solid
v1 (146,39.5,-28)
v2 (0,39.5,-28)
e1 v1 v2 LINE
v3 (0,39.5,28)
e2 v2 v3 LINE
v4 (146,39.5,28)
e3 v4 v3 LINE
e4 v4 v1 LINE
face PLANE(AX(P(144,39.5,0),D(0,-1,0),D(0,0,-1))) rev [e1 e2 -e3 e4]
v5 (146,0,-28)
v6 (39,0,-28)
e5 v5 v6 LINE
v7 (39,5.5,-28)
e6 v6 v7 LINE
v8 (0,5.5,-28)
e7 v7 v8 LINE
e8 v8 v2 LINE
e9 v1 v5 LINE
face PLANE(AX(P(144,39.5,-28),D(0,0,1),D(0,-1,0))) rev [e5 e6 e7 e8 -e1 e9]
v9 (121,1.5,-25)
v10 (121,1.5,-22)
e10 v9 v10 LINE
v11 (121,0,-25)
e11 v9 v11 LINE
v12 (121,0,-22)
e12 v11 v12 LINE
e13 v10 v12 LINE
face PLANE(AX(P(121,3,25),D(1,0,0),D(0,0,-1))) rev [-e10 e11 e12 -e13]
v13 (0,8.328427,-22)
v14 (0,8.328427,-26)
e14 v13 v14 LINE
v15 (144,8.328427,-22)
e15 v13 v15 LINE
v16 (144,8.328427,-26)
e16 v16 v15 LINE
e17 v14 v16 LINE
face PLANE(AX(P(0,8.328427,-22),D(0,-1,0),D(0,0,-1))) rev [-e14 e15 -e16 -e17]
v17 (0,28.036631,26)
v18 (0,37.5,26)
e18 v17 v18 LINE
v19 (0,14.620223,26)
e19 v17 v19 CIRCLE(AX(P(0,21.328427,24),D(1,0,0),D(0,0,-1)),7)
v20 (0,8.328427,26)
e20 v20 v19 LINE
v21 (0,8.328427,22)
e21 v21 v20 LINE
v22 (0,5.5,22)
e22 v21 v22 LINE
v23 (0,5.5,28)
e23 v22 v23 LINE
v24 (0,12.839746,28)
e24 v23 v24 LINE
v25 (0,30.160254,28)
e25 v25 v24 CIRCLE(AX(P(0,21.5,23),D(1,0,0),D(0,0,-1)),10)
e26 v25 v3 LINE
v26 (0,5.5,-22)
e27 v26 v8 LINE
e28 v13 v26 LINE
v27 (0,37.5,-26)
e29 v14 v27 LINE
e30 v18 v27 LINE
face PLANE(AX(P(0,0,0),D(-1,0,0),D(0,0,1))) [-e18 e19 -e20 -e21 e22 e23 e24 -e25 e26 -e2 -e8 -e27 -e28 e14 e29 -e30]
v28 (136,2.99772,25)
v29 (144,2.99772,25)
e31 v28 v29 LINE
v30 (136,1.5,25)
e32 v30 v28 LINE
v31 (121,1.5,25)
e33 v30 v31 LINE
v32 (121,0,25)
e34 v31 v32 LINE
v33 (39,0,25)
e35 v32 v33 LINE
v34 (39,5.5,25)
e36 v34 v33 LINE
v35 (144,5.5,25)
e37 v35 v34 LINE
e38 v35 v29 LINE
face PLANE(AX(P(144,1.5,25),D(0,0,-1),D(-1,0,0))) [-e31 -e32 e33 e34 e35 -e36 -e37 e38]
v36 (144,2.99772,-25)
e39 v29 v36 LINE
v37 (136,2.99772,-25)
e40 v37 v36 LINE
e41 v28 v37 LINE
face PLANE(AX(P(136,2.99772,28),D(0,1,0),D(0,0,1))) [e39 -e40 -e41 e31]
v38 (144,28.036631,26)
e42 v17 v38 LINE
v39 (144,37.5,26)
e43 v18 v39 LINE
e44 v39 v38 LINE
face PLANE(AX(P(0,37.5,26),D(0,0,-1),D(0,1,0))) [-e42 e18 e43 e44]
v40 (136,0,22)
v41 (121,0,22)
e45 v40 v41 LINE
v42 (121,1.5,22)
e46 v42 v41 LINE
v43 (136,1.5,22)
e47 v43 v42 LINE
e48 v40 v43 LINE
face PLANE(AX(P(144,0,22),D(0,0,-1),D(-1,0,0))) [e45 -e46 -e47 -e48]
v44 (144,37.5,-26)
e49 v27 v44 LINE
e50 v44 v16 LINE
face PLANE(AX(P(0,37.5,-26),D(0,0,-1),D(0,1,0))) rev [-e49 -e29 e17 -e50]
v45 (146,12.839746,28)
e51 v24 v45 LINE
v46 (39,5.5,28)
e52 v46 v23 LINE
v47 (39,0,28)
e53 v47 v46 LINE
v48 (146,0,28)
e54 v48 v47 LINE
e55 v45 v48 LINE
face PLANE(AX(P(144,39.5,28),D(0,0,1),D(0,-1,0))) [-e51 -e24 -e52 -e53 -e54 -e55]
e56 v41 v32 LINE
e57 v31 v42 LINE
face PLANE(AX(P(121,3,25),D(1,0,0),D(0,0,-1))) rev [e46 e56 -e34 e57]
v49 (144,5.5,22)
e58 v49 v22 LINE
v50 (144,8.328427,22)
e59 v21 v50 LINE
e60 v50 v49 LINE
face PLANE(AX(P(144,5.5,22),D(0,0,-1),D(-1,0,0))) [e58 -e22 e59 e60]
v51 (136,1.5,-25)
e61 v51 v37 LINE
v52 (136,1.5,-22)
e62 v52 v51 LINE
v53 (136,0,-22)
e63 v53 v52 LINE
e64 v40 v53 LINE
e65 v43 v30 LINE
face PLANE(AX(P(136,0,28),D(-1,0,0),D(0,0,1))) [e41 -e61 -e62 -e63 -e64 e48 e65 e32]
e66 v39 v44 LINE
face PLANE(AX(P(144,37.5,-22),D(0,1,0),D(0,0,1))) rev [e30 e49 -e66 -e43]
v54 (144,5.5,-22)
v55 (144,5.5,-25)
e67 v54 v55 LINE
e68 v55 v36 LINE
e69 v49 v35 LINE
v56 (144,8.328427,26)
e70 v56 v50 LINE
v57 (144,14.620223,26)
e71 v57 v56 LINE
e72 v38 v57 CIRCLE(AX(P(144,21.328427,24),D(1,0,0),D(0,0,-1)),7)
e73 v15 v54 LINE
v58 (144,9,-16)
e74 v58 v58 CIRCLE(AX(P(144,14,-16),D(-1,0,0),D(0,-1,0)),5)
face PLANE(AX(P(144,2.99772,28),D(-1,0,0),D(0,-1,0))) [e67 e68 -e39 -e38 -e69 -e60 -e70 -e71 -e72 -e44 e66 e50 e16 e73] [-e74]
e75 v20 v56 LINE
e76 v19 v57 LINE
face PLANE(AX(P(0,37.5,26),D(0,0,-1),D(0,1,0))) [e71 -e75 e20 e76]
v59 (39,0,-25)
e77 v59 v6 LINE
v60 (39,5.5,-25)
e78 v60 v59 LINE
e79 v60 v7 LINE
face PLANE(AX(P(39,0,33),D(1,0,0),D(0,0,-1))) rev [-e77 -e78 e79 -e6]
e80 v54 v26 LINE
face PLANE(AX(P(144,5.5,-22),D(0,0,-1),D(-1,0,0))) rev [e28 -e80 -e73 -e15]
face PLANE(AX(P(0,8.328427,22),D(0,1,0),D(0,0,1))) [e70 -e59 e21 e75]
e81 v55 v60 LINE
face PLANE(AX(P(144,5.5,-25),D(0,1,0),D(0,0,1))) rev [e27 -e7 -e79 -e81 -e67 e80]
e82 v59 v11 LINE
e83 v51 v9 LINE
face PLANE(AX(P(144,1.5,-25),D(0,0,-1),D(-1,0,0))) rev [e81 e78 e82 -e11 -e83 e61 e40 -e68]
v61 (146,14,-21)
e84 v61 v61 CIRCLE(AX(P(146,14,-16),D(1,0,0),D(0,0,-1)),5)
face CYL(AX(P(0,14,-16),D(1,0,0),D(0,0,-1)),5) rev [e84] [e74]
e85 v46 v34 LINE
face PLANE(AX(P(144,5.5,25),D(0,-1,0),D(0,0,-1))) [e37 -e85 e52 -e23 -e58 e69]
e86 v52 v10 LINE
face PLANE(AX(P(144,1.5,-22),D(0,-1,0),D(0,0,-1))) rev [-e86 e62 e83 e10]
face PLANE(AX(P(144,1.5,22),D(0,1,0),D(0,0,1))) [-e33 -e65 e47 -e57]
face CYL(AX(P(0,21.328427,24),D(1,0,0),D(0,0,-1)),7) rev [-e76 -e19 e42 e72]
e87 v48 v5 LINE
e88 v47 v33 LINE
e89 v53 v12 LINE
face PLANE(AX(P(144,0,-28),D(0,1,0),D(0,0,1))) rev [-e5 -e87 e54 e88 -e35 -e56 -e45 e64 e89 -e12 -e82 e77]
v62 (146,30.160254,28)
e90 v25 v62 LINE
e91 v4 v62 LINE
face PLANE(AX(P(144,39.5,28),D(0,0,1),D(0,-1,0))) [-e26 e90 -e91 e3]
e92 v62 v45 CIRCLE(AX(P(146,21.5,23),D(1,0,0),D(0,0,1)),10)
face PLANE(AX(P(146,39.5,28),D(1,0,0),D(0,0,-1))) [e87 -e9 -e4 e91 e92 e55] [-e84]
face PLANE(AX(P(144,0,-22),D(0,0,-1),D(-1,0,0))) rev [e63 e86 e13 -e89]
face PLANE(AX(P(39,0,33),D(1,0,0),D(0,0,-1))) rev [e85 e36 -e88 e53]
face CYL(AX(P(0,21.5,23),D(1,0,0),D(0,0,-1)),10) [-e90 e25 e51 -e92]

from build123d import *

# Parameters (mm, degrees)
BOSS_EXTRUDE1_DEPTH     = 144
SKETCH2_W               = 4
SKETCH2_H               = 29.171572875
CUT_EXTRUDE1_DEPTH      = 152.921854912
BOSS_EXTRUDE2_DEPTH     = 144
CUT_EXTRUDE2_DEPTH      = 153.922365925
CUT_EXTRUDE2_DEPTH_BACK = 153.922365925
CUT_EXTRUDE3_DEPTH      = 162.298636076
CUT_EXTRUDE3_DEPTH_BACK = 162.298636076
SKETCH6_W               = 39
SKETCH6_H               = 5.5
BOSS_EXTRUDE3_DEPTH     = 56
BOSS_EXTRUDE5_START     = 3
BOSS_EXTRUDE5_DEPTH     = 3
CUT_EXTRUDE5_DEPTH      = 1
CUT_EXTRUDE6_DEPTH      = 155.807138078
CUT_EXTRUDE6_DEPTH_BACK = 155.807138078
SKETCH16_R              = 5
SKETCH17_W              = 82
SKETCH17_H              = 50
CUT_EXTRUDE7_DEPTH      = 3


with BuildPart() as part:
    # Sketch1 → Boss-Extrude1 (new body)
    with BuildSketch(Plane(origin=(0, 0, 0), x_dir=(0, 0, -1), z_dir=(1, 0, 0))):
        Polygon((0, 39.5), (28, 39.5), (28, 0), (22, 0), (22, 1.5), (25, 1.5), (25, 5.5), (22, 5.5), (22, 37.5), (0, 37.5), align=None)
    boss_extrude1 = extrude(amount=BOSS_EXTRUDE1_DEPTH)

    # Mirror1: Boss-Extrude1 across plane
    add(boss_extrude1.mirror(Plane.XY))

    # Sketch2 → Cut-Extrude1 (cut, symmetric)
    with BuildSketch(Plane(origin=(144, 0, 0), x_dir=(0, 0, -1), z_dir=(1, 0, 0))):
        with Locations((24, 22.914213563)):
            Rectangle(SKETCH2_W, SKETCH2_H)
    cut_extrude1 = extrude(amount=CUT_EXTRUDE1_DEPTH, both=True, mode=Mode.SUBTRACT)

    # Mirror2: Cut-Extrude1 across plane
    add(cut_extrude1.mirror(Plane.XY), mode=Mode.SUBTRACT)

    # Sketch3 → Boss-Extrude2 (add)
    with BuildSketch(Plane(origin=(144, 0, 0), x_dir=(0, 0, -1), z_dir=(1, 0, 0))):
        with BuildLine():
            Line((-28, 30.160254038), (-28, 12.839745962))
            ThreePointArc((-28, 12.839745962), (-33, 21.5), (-28, 30.160254038))
        make_face()
    extrude(amount=-BOSS_EXTRUDE2_DEPTH)

    # Sketch4 → Cut-Extrude2 (cut, two sides: drawn at the far end of the back side and taken through both)
    with BuildSketch(Plane(origin=(144, 0, 0), x_dir=(0, 0, -1), z_dir=(1, 0, 0)).offset(-CUT_EXTRUDE2_DEPTH_BACK)):
        with BuildLine():
            Line((-26, 28.036631057), (-26, 14.620223192))
            ThreePointArc((-26, 14.620223192), (-31, 21.328427125), (-26, 28.036631057))
        make_face()
    extrude(amount=CUT_EXTRUDE2_DEPTH + CUT_EXTRUDE2_DEPTH_BACK, mode=Mode.SUBTRACT)

    # Sketch6 → Cut-Extrude3 (cut, two sides: drawn at the far end of the back side and taken through both)
    with BuildSketch(Plane(origin=(0, 0, -28), x_dir=(-1, 0, 0), z_dir=(0, 0, -1)).offset(-CUT_EXTRUDE3_DEPTH_BACK)):
        with Locations((-19.5, 2.75)):
            Rectangle(SKETCH6_W, SKETCH6_H)
    extrude(amount=CUT_EXTRUDE3_DEPTH + CUT_EXTRUDE3_DEPTH_BACK, mode=Mode.SUBTRACT)

    # Sketch7 → Boss-Extrude3 (add)
    with BuildSketch(Plane(origin=(0, 0, -28), x_dir=(-1, 0, 0), z_dir=(0, 0, -1))):
        Polygon((-144, 39.5), (-146, 39.5), (-146, 0), (-136, 0), (-136, 2.997720077), (-144, 2.997720077), align=None)
    extrude(amount=-BOSS_EXTRUDE3_DEPTH)

    # Sketch10 → Boss-Extrude5 (add)
    with BuildSketch(Plane(origin=(144, 0, 0), x_dir=(0, 0, -1), z_dir=(1, 0, 0)).offset(BOSS_EXTRUDE5_START)):
        with BuildLine():
            Line((-28, 30.160254038), (-28, 12.839745962))
            ThreePointArc((-28, 12.839745962), (-33, 21.5), (-28, 30.160254038))
        make_face()
    extrude(amount=-BOSS_EXTRUDE5_DEPTH)

    # Sketch15 → Cut-Extrude5 (cut)
    with BuildSketch(Plane(origin=(147, 0, 0), x_dir=(0, 0, -1), z_dir=(1, 0, 0))):
        with BuildLine():
            Line((-28, 12.839745962), (-28, 30.160254038))
            ThreePointArc((-28, 30.160254038), (-33, 21.5), (-28, 12.839745962))
        make_face()
    extrude(amount=-CUT_EXTRUDE5_DEPTH, mode=Mode.SUBTRACT)

    # Sketch16 → Cut-Extrude6 (cut, two sides: drawn at the far end of the back side and taken through both)
    with BuildSketch(Plane(origin=(146, 0, 0), x_dir=(0, 0, -1), z_dir=(1, 0, 0)).offset(-CUT_EXTRUDE6_DEPTH_BACK)):
        with Locations((16, 14)):
            Circle(SKETCH16_R)
    extrude(amount=CUT_EXTRUDE6_DEPTH + CUT_EXTRUDE6_DEPTH_BACK, mode=Mode.SUBTRACT)

    # Sketch17 → Cut-Extrude7 (cut)
    with BuildSketch(Plane.XZ):
        with Locations((80, 0)):
            Rectangle(SKETCH17_W, SKETCH17_H)
    extrude(amount=-CUT_EXTRUDE7_DEPTH, mode=Mode.SUBTRACT)


solid = part.part
